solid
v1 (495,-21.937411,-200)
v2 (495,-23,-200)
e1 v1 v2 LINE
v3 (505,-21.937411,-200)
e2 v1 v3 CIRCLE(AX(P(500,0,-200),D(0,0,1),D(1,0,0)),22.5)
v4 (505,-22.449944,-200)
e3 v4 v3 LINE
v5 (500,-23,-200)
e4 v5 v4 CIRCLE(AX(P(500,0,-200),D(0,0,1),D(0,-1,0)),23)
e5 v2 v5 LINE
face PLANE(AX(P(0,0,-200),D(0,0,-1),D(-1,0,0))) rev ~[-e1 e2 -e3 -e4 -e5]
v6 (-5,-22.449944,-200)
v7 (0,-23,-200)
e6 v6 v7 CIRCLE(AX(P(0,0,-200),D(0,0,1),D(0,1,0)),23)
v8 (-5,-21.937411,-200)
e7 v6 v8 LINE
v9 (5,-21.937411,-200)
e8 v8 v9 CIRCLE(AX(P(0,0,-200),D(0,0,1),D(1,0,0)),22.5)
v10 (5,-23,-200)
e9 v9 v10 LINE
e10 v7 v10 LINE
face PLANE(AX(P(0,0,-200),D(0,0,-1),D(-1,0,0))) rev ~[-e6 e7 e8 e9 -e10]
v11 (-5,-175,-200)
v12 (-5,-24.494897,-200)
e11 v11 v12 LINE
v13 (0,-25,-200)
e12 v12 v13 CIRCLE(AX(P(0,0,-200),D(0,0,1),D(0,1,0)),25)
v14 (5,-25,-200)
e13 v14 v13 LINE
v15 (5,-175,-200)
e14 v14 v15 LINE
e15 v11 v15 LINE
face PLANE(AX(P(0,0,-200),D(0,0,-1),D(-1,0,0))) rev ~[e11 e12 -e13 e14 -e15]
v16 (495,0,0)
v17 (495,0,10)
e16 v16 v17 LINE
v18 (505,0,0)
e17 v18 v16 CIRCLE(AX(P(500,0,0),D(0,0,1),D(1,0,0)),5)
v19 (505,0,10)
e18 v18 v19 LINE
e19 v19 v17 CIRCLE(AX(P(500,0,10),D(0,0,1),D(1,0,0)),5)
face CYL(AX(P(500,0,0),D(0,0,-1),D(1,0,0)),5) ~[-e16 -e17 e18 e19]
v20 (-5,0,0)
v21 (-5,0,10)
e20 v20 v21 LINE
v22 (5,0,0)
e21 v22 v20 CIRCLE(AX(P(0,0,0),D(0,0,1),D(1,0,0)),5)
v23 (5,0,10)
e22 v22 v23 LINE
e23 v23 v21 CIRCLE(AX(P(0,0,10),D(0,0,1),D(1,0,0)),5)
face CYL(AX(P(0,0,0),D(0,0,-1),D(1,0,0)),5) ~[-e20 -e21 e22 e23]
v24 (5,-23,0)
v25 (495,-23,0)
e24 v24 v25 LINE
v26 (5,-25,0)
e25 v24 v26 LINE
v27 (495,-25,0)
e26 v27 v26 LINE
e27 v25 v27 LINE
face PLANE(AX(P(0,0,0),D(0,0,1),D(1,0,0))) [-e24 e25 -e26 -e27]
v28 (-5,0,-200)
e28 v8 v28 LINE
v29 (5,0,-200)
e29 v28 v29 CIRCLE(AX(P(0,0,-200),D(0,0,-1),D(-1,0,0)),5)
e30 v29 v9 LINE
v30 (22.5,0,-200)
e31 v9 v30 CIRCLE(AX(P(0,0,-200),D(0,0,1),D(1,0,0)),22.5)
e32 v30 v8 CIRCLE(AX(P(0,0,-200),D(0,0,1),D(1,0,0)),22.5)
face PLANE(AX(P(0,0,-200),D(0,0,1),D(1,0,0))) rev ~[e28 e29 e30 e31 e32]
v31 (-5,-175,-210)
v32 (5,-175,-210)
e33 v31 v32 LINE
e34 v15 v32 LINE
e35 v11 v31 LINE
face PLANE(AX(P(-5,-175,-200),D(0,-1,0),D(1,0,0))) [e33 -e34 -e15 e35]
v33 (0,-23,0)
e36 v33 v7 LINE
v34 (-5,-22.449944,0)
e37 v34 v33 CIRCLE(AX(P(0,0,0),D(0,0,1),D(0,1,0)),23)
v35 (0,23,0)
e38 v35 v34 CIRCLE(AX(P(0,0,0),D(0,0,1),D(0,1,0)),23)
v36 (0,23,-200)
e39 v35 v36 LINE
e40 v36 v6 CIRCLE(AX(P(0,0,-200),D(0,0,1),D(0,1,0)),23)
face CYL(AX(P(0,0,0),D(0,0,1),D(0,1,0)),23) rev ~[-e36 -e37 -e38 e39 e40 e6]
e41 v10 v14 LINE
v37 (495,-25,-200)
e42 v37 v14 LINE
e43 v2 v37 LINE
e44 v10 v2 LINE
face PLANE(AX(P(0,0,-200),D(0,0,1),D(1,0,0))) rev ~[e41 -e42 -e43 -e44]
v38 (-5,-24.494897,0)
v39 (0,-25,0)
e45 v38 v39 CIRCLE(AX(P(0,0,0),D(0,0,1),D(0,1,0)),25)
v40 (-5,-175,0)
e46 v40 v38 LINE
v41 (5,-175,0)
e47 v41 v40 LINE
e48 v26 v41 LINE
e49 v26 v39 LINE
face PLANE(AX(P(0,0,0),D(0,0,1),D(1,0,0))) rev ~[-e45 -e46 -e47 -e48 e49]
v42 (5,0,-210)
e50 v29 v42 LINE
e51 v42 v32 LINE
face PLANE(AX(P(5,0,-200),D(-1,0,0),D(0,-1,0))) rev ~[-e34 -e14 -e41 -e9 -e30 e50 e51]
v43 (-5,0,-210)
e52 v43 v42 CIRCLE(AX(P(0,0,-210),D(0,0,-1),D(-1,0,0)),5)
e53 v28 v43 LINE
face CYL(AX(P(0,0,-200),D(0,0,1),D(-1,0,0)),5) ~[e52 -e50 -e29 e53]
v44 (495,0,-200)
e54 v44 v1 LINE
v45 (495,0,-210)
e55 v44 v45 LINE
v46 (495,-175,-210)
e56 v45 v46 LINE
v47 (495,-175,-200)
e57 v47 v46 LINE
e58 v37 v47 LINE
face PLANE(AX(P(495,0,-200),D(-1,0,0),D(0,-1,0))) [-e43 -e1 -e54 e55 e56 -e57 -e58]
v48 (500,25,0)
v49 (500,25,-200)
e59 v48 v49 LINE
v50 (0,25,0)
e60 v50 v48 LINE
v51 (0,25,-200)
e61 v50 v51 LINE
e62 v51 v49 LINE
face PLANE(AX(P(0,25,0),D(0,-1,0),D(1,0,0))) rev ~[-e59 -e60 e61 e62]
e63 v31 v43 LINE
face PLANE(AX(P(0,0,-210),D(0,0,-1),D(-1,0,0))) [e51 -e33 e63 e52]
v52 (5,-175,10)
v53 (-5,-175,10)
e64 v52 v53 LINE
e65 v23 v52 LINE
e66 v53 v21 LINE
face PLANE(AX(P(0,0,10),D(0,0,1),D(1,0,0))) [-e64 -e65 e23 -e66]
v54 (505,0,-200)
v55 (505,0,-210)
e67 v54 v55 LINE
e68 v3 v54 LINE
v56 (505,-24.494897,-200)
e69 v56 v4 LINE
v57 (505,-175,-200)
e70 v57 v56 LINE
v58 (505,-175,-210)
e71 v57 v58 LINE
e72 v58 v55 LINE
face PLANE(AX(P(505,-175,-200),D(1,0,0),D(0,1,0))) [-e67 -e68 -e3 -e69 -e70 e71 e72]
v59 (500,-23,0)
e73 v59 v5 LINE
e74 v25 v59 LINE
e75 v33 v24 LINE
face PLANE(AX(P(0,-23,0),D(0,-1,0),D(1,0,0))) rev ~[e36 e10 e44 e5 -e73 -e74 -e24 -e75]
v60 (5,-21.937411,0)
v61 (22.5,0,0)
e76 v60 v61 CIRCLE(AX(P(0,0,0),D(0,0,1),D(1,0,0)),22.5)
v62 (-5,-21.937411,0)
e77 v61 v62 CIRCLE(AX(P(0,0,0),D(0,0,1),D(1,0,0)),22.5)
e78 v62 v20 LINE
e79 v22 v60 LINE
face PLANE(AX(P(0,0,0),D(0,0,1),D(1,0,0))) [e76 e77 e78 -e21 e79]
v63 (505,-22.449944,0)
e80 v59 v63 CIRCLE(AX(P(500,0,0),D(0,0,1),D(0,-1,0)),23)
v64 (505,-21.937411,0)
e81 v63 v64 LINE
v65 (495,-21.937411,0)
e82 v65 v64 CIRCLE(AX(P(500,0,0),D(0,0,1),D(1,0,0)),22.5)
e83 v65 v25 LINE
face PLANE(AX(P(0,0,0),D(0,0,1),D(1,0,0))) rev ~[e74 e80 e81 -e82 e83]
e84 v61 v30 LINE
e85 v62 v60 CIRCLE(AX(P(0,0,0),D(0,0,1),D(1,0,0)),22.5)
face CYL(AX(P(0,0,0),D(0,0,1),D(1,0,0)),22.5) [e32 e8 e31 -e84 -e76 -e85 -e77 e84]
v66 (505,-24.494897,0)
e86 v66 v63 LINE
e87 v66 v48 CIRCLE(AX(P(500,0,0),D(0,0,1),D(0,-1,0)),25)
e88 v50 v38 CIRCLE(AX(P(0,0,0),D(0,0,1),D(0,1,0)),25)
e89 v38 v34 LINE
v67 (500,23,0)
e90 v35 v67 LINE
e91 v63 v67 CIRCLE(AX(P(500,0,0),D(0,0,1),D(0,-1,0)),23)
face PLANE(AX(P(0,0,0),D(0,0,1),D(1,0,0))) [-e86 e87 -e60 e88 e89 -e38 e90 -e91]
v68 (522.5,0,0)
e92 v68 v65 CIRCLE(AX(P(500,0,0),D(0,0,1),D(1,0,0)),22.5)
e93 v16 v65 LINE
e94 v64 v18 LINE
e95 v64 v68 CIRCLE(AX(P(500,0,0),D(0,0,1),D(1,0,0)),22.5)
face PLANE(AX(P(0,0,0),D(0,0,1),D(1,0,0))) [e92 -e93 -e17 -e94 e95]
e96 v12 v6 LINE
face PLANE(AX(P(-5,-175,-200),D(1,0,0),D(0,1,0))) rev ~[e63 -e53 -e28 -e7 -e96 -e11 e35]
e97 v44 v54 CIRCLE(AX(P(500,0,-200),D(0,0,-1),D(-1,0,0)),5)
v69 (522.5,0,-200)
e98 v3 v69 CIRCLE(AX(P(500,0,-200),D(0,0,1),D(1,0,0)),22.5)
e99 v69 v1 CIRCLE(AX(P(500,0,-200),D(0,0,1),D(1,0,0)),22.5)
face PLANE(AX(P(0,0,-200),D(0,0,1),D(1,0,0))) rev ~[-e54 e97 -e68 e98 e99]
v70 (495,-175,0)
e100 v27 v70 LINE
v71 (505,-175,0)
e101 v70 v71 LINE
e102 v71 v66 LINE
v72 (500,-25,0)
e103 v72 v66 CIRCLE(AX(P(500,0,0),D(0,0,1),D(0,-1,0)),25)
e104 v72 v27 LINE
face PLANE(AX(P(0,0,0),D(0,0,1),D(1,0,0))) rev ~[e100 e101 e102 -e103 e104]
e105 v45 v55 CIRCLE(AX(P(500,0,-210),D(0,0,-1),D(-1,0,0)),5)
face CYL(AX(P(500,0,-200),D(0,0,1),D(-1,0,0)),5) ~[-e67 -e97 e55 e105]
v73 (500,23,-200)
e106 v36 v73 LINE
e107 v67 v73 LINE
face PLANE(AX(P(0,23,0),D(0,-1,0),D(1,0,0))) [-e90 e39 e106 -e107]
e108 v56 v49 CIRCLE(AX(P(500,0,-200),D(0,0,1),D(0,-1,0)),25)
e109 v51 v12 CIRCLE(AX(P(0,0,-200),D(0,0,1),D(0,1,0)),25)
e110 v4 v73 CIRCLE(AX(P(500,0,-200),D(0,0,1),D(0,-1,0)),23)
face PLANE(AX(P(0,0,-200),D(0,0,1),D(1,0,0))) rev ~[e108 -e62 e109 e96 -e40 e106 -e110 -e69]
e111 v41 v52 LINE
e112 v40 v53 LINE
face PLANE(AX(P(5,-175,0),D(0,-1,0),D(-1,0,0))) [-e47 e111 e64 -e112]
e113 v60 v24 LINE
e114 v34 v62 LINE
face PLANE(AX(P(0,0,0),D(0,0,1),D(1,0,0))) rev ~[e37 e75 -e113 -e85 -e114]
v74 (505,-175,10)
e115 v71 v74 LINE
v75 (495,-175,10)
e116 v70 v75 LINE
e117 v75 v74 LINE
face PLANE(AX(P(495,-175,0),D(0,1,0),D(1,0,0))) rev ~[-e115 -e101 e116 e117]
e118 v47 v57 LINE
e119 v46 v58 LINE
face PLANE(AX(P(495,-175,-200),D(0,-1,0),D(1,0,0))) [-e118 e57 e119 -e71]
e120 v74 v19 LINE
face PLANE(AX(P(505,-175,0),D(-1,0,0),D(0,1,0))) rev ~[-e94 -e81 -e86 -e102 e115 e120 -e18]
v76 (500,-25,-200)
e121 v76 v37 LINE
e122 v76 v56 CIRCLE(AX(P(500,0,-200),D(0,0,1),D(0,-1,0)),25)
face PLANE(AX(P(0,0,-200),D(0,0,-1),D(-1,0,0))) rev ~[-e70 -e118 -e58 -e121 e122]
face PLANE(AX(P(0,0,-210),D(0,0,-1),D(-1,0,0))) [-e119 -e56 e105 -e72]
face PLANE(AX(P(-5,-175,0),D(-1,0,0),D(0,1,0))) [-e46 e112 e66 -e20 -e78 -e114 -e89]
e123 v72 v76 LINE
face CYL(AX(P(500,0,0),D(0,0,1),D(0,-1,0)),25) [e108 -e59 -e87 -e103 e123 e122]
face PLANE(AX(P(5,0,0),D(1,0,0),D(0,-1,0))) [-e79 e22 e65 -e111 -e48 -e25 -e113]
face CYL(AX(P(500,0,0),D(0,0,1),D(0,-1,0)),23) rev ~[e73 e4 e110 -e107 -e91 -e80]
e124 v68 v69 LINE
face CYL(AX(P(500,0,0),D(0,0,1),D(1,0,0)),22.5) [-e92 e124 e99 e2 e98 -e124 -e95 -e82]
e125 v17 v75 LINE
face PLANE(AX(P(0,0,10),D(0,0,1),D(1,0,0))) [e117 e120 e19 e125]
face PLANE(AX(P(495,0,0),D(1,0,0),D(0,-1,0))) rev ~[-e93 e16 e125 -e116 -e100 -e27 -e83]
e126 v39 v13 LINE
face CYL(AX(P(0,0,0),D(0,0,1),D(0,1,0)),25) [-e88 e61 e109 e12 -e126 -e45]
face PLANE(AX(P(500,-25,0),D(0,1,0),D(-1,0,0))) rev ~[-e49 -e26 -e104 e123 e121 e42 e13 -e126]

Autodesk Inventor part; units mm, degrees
ref_plane "YZ Plane" through (0, 0, 0) normal (1, 0, 0) x (0, 1, 0)
ref_plane "XZ Plane" through (0, 0, 0) normal (0, 1, 0) x (-1, 0, 0)
ref_plane "XY Plane" through (0, 0, 0) normal (0, 0, 1) x (1, 0, 0)
sketch "Sketch1" plane through (0, 0, 0) normal (0, 0, 1) x (1, 0, 0)
  arc A0 (0, 25) -> (0, -25) centre (0, 0) ccw
  arc A1 (500, -25) -> (500, 25) centre (500, 0) ccw
  line L0 (0, 25) -> (500, 25)
  line L1 (500, -25) -> (0, -25)
  arc A2 (0, 23) -> (0, -23) centre (0, 0) ccw
  arc A3 (500, -23) -> (500, 23) centre (500, 0) ccw
  line L2 (500, 0) -> (500, 23) construction
  line L3 (500, 0) -> (523, 0) construction
  line L4 (0, 23) -> (500, 23)
  line L5 (0, -23) -> (500, -23)
  dimension "D" = 50
  dimension "d2" = 50
  dimension "r" = 23
  dimension "d6" = 23
  dimension "d7" = 90
  dimension "L" = 500
extrude "Extrusion1" add sketch "Sketch1" against normal blind 200
sketch "Sketch2" plane through (0, 0, 0) normal (0, 0, 1) x (1, 0, 0)
  circle A0 centre (0, 0) radius 22.5
  arc A1 (500, -23) -> (500, 23) centre (500, 0) ccw construction
  circle A2 centre (500, 0) radius 22.5
  point P0 (300, -23)
  dimension "d" = 45
  dimension "d12" = 45
extrude "Extrusion2" add sketch "Sketch2" against normal blind 200
sketch "Sketch3" plane through (0, 0, 0) normal (0, 0, 1) x (1, 0, 0)
  arc A0 (5, 0) -> (-5, 0) centre (0, 0) ccw
  circle A1 centre (500, 0) radius 22.5 construction
  arc A2 (505, 0) -> (495, 0) centre (500, 0) ccw
  line L0 (5, 0) -> (5, -175)
  line L1 (5, -175) -> (-5, -175)
  line L2 (-5, -175) -> (-5, 0)
  line L3 (495, 0) -> (495, -175)
  line L4 (495, -175) -> (505, -175)
  line L5 (505, -175) -> (505, 0)
  dimension "altura" = 175
  dimension "d19" = 175
  dimension "d20" = 5
  dimension "d21" = 5
extrude "Extrusion3" add sketch "Sketch3" along normal blind 10
sketch "Sketch4" plane through (0, 0, -200) normal (0, 0, -1) x (-1, 0, 0)
  arc A0 (5, 0) -> (-5, 0) centre (0, 0) ccw projected
  arc A1 (5, 0) -> (-5, 0) centre (0, 0) ccw
  arc A2 (-495, 0) -> (-505, 0) centre (-500, 0) ccw projected
  arc A3 (-495, 0) -> (-505, 0) centre (-500, 0) ccw
  line L0 (-505, -175) -> (-505, 0) projected
  line L1 (-495, 0) -> (-495, -175) projected
  line L2 (-495, 0) -> (-495, -175)
  line L3 (-495, -175) -> (-505, -175)
  line L4 (-505, -175) -> (-505, 0)
  line L5 (5, -175) -> (-5, -175) projected
  line L6 (-5, 0) -> (-5, -175)
  line L7 (-5, -175) -> (5, -175)
  line L8 (5, -175) -> (5, 0)
  point P0 (-5, 0)
extrude "Extrusion4" add sketch "Sketch4" along normal blind 10
equation "\"d2\" = D"
equation "\"d6\" = r"
equation "\"d12\" = d"
equation "\"d19\" = altura"
properties part number "Banda"
